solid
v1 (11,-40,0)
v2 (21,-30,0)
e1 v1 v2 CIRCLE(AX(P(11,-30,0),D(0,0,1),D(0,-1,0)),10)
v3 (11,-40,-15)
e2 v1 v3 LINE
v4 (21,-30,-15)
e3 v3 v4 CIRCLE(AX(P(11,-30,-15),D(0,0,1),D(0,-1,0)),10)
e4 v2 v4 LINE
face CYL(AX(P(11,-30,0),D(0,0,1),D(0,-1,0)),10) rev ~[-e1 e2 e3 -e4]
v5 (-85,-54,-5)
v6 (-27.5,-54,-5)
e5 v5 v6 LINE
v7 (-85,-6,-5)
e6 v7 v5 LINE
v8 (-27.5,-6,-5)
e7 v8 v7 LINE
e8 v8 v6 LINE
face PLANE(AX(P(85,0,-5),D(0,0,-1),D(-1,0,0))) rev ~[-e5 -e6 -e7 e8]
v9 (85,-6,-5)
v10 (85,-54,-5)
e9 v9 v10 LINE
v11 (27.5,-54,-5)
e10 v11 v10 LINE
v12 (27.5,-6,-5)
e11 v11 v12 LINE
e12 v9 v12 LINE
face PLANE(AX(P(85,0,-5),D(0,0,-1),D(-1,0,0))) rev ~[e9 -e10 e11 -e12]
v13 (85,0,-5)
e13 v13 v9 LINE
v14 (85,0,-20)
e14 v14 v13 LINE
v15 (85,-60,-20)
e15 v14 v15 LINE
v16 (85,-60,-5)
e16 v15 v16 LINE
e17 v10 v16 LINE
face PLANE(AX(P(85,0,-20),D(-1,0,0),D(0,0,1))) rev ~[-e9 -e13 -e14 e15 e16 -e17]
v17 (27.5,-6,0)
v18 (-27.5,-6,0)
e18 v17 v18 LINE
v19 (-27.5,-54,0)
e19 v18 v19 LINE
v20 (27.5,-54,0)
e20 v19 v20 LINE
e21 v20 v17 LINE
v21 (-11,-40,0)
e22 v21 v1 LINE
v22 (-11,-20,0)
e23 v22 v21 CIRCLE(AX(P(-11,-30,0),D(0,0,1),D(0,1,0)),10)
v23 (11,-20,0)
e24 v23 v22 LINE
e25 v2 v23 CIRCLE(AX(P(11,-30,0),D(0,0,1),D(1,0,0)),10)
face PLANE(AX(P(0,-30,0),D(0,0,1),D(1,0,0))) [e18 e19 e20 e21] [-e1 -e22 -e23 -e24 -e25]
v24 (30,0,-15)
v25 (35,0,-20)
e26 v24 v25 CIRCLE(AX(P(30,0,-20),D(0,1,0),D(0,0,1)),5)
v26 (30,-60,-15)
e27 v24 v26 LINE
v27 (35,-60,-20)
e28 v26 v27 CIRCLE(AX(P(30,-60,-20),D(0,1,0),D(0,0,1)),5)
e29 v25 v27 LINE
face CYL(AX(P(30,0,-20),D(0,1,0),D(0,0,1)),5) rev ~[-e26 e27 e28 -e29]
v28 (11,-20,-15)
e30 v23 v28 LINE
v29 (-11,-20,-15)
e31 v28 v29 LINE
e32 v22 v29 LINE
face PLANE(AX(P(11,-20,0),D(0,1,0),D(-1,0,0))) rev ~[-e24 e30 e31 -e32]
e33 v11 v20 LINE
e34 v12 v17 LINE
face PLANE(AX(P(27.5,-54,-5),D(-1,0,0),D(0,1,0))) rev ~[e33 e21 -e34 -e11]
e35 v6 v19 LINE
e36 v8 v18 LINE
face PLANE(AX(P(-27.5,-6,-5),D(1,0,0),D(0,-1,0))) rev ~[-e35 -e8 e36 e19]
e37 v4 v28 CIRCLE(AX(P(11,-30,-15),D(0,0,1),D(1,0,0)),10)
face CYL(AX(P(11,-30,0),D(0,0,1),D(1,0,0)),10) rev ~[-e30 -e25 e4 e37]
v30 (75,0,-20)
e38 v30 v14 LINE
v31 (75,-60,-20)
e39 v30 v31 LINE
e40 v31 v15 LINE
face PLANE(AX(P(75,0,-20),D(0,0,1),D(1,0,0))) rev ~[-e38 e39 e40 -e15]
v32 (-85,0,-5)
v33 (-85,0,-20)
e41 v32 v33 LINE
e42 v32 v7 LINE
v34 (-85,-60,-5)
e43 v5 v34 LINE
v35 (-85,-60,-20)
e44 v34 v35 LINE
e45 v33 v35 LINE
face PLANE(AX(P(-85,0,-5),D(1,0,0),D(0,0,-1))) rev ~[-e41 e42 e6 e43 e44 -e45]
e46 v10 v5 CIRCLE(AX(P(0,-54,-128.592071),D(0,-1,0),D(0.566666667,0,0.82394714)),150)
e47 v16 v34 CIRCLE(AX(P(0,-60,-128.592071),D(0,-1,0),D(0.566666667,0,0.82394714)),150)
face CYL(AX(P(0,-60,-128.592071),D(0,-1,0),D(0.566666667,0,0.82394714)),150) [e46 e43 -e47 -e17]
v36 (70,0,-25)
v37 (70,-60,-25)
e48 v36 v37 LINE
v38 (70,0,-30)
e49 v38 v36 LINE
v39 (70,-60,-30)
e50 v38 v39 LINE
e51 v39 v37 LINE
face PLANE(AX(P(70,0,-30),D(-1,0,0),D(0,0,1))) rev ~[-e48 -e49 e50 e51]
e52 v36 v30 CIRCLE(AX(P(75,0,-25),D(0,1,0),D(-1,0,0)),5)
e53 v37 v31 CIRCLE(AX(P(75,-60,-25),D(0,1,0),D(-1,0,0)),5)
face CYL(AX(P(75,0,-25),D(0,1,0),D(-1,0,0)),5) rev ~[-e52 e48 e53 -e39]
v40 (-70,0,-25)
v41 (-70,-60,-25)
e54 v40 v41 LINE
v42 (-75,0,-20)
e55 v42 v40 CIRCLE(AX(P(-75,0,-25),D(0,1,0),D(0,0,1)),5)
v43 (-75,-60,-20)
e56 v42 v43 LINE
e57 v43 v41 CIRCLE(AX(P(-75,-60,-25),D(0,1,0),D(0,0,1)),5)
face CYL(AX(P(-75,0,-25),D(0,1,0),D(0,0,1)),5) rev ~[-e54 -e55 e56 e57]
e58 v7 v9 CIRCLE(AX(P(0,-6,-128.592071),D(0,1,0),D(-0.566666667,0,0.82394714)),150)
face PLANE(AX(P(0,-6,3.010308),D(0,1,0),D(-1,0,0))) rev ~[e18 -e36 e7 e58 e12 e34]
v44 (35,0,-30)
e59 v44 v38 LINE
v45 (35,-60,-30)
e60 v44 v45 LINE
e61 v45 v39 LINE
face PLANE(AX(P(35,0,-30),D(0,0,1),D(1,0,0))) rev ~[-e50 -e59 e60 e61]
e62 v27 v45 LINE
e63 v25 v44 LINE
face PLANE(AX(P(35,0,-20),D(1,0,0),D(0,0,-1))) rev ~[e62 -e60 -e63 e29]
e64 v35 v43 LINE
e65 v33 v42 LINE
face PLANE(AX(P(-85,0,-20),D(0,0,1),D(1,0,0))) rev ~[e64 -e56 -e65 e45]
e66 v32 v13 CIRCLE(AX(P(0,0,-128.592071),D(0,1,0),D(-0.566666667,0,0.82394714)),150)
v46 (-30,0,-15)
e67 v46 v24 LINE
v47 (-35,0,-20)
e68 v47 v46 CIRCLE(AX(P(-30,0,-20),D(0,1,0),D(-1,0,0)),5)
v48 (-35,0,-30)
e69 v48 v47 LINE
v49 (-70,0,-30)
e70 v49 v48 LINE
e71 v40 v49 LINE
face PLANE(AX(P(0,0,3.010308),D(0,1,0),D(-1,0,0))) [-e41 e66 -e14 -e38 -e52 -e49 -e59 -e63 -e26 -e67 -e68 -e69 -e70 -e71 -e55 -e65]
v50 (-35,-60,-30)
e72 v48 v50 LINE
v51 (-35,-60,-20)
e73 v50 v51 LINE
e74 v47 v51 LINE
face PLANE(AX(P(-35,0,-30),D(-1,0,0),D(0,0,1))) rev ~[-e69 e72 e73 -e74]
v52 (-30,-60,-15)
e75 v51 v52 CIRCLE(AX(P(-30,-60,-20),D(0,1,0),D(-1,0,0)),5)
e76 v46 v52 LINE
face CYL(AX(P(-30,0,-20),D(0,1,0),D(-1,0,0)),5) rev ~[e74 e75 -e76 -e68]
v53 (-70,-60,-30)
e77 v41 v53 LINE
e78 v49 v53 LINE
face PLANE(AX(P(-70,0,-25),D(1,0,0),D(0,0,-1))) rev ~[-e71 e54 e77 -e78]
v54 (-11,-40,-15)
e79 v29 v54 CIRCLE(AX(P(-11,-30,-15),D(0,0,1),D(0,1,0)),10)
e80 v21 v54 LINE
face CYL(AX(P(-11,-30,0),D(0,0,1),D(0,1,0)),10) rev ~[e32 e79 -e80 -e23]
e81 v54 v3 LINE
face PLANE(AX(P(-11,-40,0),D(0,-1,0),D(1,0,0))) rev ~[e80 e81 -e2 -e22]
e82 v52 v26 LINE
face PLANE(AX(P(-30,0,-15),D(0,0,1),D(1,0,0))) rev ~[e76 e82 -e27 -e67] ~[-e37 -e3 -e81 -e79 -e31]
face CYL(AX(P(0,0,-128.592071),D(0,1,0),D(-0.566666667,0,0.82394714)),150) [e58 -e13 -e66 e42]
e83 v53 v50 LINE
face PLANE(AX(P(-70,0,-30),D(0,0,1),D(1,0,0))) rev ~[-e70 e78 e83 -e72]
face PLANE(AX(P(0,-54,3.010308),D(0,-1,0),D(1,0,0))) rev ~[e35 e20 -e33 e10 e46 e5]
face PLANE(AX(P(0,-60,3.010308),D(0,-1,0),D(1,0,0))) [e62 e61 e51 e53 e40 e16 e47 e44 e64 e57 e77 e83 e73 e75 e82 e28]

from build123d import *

# Parameters (mm, degrees)
F1_DEPTH = 60
F3_DEPTH = 6
F5_DEPTH = 6
F7_DEPTH = 5
F9_DEPTH = 30.001


with BuildPart() as f1:
    # F0 (on Front) → F1 (new body)
    with BuildSketch(Plane.XZ):
        with BuildLine():
            Line((35, -30), (70, -30))
            Line((70, -30), (70, -25))
            ThreePointArc((70, -25), (71.4644660941, -21.4644660941), (75, -20))
            Line((75, -20), (85, -20))
            Line((85, -20), (85, -5))
            Line((85, -5), (-85, -5))
            Line((-85, -5), (-85, -20))
            Line((-85, -20), (-75, -20))
            ThreePointArc((-75, -20), (-71.4644660941, -21.4644660941), (-70, -25))
            Line((-70, -25), (-70, -30))
            Line((-70, -30), (-35, -30))
            Line((-35, -30), (-35, -20))
            ThreePointArc((-35, -20), (-33.5355339059, -16.4644660941), (-30, -15))
            Line((-30, -15), (30, -15))
            ThreePointArc((30, -15), (33.5355339059, -16.4644660941), (35, -20))
            Line((35, -20), (35, -30))
        make_face()
    extrude(amount=F1_DEPTH)

    # F2 (on face) → F3 (join)
    with BuildSketch(Plane(origin=(0, 0, 0), x_dir=(-1, 0, 0), z_dir=(0, 1, 0))):
        with BuildLine():
            Line((-85, -5), (85, -5))
            ThreePointArc((85, -5), (0, 21.4079290569), (-85, -5))
        make_face()
    extrude(amount=-F3_DEPTH)

    # F4 (on face) → F5 (join)
    with BuildSketch(Plane.XZ.offset(60)):
        with BuildLine():
            Line((-85, -5), (85, -5))
            ThreePointArc((85, -5), (0, 21.4079290569), (-85, -5))
        make_face()
    extrude(amount=-F5_DEPTH)

    # F6 (on face) → F7 (join)
    with BuildSketch(Plane.XY.offset(-5)):
        Polygon((27.5, -54), (27.5, -6), (0, -6), (-27.5, -6), (-27.5, -54), align=None)
    extrude(amount=F7_DEPTH)

    # F8 (on face) → F9 (cut, through all)
    with BuildSketch(Plane.XY):
        with BuildLine():
            Line((11, -20), (0, -20))
            Line((0, -20), (0, -30))
            Line((0, -30), (1, -30))
            ThreePointArc((1, -30), (3.9289321881, -22.9289321881), (11, -20))
        make_face()
        with BuildLine():
            Line((0, -30), (0, -20))
            Line((0, -20), (-11, -20))
            ThreePointArc((-11, -20), (-3.9289321881, -22.9289321881), (-1, -30))
            Line((-1, -30), (0, -30))
        make_face()
        with BuildLine():
            Line((1, -30), (0, -30))
            Line((0, -30), (0, -40))
            Line((0, -40), (11, -40))
            ThreePointArc((11, -40), (3.9289321881, -37.0710678119), (1, -30))
        make_face()
        with BuildLine():
            Line((0, -40), (0, -30))
            Line((0, -30), (-1, -30))
            ThreePointArc((-1, -30), (-3.9289321881, -37.0710678119), (-11, -40))
            Line((-11, -40), (0, -40))
        make_face()
        with BuildLine():
            Line((-11, -30), (-11, -20))
            ThreePointArc((-11, -20), (-21, -30), (-11, -40))
            Line((-11, -40), (-11, -30))
        make_face()
        with BuildLine():
            ThreePointArc((-1, -30), (-3.9289321881, -22.9289321881), (-11, -20))
            Line((-11, -20), (-11, -30))
            Line((-11, -30), (-1, -30))
        make_face()
        with BuildLine():
            Line((11, -30), (11, -20))
            ThreePointArc((11, -20), (3.9289321881, -22.9289321881), (1, -30))
            Line((1, -30), (11, -30))
        make_face()
        with BuildLine():
            ThreePointArc((21, -30), (18.0710678119, -22.9289321881), (11, -20))
            Line((11, -20), (11, -30))
            Line((11, -30), (11, -40))
            ThreePointArc((11, -40), (18.0710678119, -37.0710678119), (21, -30))
        make_face()
        with BuildLine():
            Line((11, -30), (1, -30))
            ThreePointArc((1, -30), (3.9289321881, -37.0710678119), (11, -40))
            Line((11, -40), (11, -30))
        make_face()
        with BuildLine():
            ThreePointArc((-11, -40), (-3.9289321881, -37.0710678119), (-1, -30))
            Line((-1, -30), (-11, -30))
            Line((-11, -30), (-11, -40))
        make_face()
    extrude(amount=-F9_DEPTH, mode=Mode.SUBTRACT)


solid = f1.part
